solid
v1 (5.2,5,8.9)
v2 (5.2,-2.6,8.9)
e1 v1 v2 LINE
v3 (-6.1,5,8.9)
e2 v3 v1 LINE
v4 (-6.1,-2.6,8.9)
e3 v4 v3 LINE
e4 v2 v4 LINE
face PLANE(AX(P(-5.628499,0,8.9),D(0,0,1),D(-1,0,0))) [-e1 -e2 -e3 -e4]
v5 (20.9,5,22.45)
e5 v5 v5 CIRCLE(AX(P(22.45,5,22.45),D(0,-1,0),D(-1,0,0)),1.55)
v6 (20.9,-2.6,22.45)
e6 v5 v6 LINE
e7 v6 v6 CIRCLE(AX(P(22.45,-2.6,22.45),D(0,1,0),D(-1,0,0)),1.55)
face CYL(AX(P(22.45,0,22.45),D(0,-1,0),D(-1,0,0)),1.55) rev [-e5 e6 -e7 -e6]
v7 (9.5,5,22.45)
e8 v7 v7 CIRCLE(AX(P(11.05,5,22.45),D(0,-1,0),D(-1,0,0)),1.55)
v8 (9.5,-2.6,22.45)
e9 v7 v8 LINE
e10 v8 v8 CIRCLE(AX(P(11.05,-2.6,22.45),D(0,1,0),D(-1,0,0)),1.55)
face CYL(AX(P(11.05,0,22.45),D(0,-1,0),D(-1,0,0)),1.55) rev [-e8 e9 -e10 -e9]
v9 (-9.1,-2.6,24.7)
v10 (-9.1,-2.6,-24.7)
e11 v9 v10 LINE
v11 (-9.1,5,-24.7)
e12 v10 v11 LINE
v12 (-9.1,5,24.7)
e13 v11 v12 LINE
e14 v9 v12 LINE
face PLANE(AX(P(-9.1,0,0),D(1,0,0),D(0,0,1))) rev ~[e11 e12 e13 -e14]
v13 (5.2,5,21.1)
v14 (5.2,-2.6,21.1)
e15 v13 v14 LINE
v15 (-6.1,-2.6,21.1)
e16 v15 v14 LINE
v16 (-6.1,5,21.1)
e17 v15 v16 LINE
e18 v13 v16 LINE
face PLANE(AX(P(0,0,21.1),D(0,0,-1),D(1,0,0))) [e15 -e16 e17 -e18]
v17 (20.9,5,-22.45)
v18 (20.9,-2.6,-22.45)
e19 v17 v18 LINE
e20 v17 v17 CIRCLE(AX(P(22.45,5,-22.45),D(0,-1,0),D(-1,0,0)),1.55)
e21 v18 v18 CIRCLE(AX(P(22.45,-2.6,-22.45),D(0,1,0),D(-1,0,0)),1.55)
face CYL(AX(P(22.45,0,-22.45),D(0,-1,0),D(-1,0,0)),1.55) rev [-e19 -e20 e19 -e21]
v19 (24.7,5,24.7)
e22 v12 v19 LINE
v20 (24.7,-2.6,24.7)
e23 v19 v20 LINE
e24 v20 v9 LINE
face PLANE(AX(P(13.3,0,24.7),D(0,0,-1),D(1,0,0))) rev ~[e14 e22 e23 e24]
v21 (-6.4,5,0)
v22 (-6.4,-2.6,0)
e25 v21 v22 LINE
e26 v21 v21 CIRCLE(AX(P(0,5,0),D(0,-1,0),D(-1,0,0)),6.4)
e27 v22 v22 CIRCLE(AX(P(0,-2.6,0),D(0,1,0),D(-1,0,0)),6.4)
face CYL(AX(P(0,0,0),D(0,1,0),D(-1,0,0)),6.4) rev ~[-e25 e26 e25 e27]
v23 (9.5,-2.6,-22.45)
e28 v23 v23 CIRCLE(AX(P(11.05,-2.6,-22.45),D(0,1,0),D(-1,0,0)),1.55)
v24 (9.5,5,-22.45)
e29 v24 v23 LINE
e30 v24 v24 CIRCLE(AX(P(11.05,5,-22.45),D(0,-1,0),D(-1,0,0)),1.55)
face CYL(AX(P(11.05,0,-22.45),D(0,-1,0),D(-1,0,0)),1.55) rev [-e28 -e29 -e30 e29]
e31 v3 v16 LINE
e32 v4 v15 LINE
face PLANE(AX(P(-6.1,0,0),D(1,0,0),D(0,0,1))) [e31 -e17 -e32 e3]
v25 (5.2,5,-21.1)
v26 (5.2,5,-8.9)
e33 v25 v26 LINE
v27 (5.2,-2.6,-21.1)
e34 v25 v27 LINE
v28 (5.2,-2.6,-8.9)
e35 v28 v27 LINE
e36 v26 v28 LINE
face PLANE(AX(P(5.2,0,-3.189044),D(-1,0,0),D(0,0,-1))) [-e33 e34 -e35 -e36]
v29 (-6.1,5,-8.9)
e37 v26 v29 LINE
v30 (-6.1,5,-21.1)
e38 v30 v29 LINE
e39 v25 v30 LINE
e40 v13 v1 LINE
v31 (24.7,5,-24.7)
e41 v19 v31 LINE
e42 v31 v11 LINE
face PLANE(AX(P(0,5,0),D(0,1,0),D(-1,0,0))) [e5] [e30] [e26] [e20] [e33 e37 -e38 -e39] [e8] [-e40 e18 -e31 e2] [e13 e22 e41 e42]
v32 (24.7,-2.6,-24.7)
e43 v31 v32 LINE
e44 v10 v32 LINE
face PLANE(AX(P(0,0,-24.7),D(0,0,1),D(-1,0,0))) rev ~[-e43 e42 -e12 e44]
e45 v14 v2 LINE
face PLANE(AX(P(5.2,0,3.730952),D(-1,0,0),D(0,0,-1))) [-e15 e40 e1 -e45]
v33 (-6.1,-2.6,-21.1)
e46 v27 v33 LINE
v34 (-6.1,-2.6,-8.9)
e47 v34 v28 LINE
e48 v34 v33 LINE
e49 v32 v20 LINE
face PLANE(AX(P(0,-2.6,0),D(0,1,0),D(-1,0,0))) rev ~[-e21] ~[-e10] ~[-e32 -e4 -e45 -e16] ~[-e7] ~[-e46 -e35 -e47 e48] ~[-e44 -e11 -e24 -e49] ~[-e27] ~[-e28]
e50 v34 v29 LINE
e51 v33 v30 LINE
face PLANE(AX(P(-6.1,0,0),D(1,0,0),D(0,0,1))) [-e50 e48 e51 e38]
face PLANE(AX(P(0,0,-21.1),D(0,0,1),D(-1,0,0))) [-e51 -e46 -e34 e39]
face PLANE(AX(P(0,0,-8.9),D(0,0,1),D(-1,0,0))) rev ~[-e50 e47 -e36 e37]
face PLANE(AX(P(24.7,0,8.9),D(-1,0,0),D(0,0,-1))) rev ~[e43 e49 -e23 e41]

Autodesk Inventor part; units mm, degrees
ref_plane "YZ Plane" through (0, 0, 0) normal (1, 0, 0) x (0, 1, 0)
ref_plane "XZ Plane" through (0, 0, 0) normal (0, 1, 0) x (-1, 0, 0)
ref_plane "XY Plane" through (0, 0, 0) normal (0, 0, 1) x (1, 0, 0)
sketch "Esboço1" plane through (0, 0, 0) normal (0, 1, 0) x (-1, 0, 0)
  circle A0 centre (0, 0) radius 2.1
  line L0 (0, 0) -> (0, 15)
  circle A1 centre (0, 15) radius 2
  line L1 (0, 0) -> (0, -15)
  circle A2 centre (0, -15) radius 2.1
  line L2 (0, 15) -> (-5.2, 15)
  line L3 (-5.2, 15) -> (-5.2, -15)
  line L4 (-5.2, -15) -> (0, -15)
  circle A3 centre (0, 0) radius 6.1
  circle A4 centre (0, 0) radius 24.7
  line L5 (0, 24.7) -> (24.7, 24.7)
  line L6 (24.7, 24.7) -> (24.7, 0)
  line L7 (24.7, 0) -> (0, 0)
  line L8 (0, 0) -> (0, 24.7)
  line L9 (24.7, 0) -> (0, 0)
  line L10 (0, 0) -> (0, -24.7)
  line L11 (0, -24.7) -> (24.7, -24.7)
  line L12 (24.7, -24.7) -> (24.7, 0)
  line L13 (0, -24.7) -> (-24.7, -24.7)
  line L14 (-24.7, -24.7) -> (-24.7, 0)
  line L15 (-24.7, 0) -> (0, 0)
  line L16 (0, 0) -> (0, -24.7)
  line L17 (0, 24.7) -> (-24.7, 24.7)
  line L18 (-24.7, 24.7) -> (-24.7, 0)
  line L19 (-24.7, 0) -> (0, 0)
  line L20 (0, 0) -> (0, 24.7)
  line L21 (-5.2, 15) -> (-5.2, 24.7)
  line L22 (-5.2, -15) -> (-5.2, -24.7)
  line L23 (-5.2, 24.7) -> (-24.7, 24.7)
  line L24 (-24.7, 24.7) -> (-24.7, -24.7)
  line L25 (-24.7, -24.7) -> (-5.2, -24.7)
  line L26 (-5.2, -24.7) -> (-5.2, 24.7)
  line L27 (0, -15) -> (0, -21.1)
  line L28 (0, -21.1) -> (-5.2, -21.1)
  line L29 (0, -15) -> (0, -8.9)
  line L30 (0, -8.9) -> (-5.2, -8.9)
  line L31 (0, -8.9) -> (0, -15)
  line L32 (0, 15) -> (0, 8.9)
  line L33 (0, 15) -> (0, 21.1)
  line L34 (0, 21.1) -> (-5.2, 21.1)
  line L35 (0, 8.9) -> (-5.2, 8.9)
  line L36 (6.1, 0) -> (6.1, -24.7)
  line L37 (6.1, 0) -> (6.1, 24.7)
  line L38 (-5.2, 21.1) -> (6.1, 21.1)
  line L39 (6.1, 21.1) -> (6.1, 24.7)
  line L40 (6.1, 24.7) -> (-5.2, 24.7)
  line L41 (-5.2, 24.7) -> (-5.2, 21.1)
  line L42 (-5.2, -21.1) -> (6.1, -21.1)
  line L43 (6.1, -21.1) -> (6.1, -24.7)
  line L44 (6.1, -24.7) -> (-5.2, -24.7)
  line L45 (-5.2, -24.7) -> (-5.2, -21.1)
  line L46 (6.1, 21.1) -> (0, 21.1)
  line L47 (0, 21.1) -> (0, 8.9)
  line L48 (0, 8.9) -> (6.1, 8.9)
  line L49 (6.1, 8.9) -> (6.1, 21.1)
  line L50 (0, -8.9) -> (6.1, -8.9)
  line L51 (6.1, -8.9) -> (6.1, -21.1)
  line L52 (6.1, -21.1) -> (0, -21.1)
  line L53 (0, -21.1) -> (0, -8.9)
  line L54 (6.1, -24.7) -> (9.1, -24.7)
  line L55 (9.1, -24.7) -> (9.1, 24.7)
  line L56 (9.1, 24.7) -> (6.1, 24.7)
  line L57 (6.1, 24.7) -> (6.1, -24.7)
  circle A5 centre (0, 0) radius 8.3
  circle A6 centre (0, 15) radius 8.3
  line L58 (-5.2, -8.9) -> (-24.7, -8.9)
  line L59 (-24.7, -8.9) -> (-24.7, -24.7)
  line L60 (-24.7, -24.7) -> (-5.2, -24.7)
  line L61 (-5.2, -24.7) -> (-5.2, -8.9)
  line L62 (-5.2, 8.9) -> (-24.7, 8.9)
  line L63 (-24.7, 8.9) -> (-24.7, 24.7)
  line L64 (-24.7, 24.7) -> (-5.2, 24.7)
  line L65 (-5.2, 24.7) -> (-5.2, 8.9)
  line L66 (-8.3, 0) -> (-8.3, -8.9)
  line L67 (-8.3, 0) -> (-8.3, 8.9)
  line L68 (-8.3, -8.9) -> (-8.8, -8.9)
  line L69 (-8.8, -8.9) -> (-8.8, 8.9)
  line L70 (-8.8, 8.9) -> (-8.3, 8.9)
  line L71 (-8.3, 8.9) -> (-8.3, -8.9)
  line L72 (-8.8, -8.9) -> (-24.7, -8.9)
  line L73 (-24.7, -8.9) -> (-24.7, -24.7)
  line L74 (-24.7, -24.7) -> (-8.8, -24.7)
  line L75 (-8.8, -24.7) -> (-8.8, -8.9)
  line L76 (-8.8, -8.9) -> (-24.7, -8.9)
  line L77 (-24.7, -8.9) -> (-24.7, 24.7)
  line L78 (-24.7, 24.7) -> (-8.8, 24.7)
  line L79 (-8.8, 24.7) -> (-8.8, -8.9)
  line L80 (9.1, -24.7) -> (6.1, -24.7)
  line L81 (6.1, -24.7) -> (6.1, -21.1)
  line L82 (6.1, -21.1) -> (9.1, -21.1)
  line L83 (9.1, -21.1) -> (9.1, -24.7)
  line L84 (6.1, 21.1) -> (9.1, 21.1)
  line L85 (9.1, 21.1) -> (9.1, 24.7)
  line L86 (9.1, 24.7) -> (6.1, 24.7)
  line L87 (6.1, 24.7) -> (6.1, 21.1)
  line L88 (9.1, 24.7) -> (9.1, 22.9)
  line L89 (-24.7, -24.7) -> (-21.7, -24.7)
  line L90 (-24.7, -21.1) -> (-24.7, -24.7)
  line L91 (-24.7, 24.7) -> (-21.7, 24.7)
  line L92 (-24.7, 21.1) -> (-24.7, 24.7)
  line L93 (-24.7, -24.7) -> (-20.2, -24.7)
  line L94 (-20.2, -24.7) -> (-20.2, -20.2)
  line L95 (-20.2, -20.2) -> (-24.7, -20.2)
  line L96 (-24.7, -20.2) -> (-24.7, -24.7)
  line L97 (-24.7, 24.7) -> (-20.2, 24.7)
  line L98 (-20.2, 24.7) -> (-20.2, 20.2)
  line L99 (-20.2, 20.2) -> (-24.7, 20.2)
  line L100 (-24.7, 20.2) -> (-24.7, 24.7)
  line L101 (-8.8, -24.7) -> (-13.3, -24.7)
  line L102 (-13.3, -24.7) -> (-13.3, -20.2)
  line L103 (-13.3, -20.2) -> (-8.8, -20.2)
  line L104 (-8.8, -20.2) -> (-8.8, -24.7)
  line L105 (-8.8, 24.7) -> (-13.3, 24.7)
  line L106 (-13.3, 24.7) -> (-13.3, 20.2)
  line L107 (-13.3, 20.2) -> (-8.8, 20.2)
  line L108 (-8.8, 20.2) -> (-8.8, 24.7)
  line L109 (-13.3, -22.45) -> (-8.8, -22.45)
  line L110 (-20.2, -22.45) -> (-24.7, -22.45)
  line L111 (-20.2, 22.45) -> (-24.7, 22.45)
  line L112 (-8.8, 22.45) -> (-13.3, 22.45)
  circle A7 centre (-11.05, -22.45) radius 1.55
  circle A8 centre (-22.45, -22.45) radius 1.55
  circle A9 centre (-11.05, 22.45) radius 1.55
  circle A10 centre (-22.45, 22.45) radius 1.55
  circle A11 centre (0, 0) radius 6.4
  point P0 (-5.2, -3.189)
  point P1 (-5.2, 3.189)
  point P2 (-5.2, 24.1464)
  point P3 (-5.2, -24.1464)
  point P4 (6.1, -21.1)
  point P5 (6.1, 21.1)
  dimension "d6" = 12.2
  dimension "d19" = 16.6
  dimension "d0" = 4.2
  dimension "d1" = 15
  dimension "d2" = 4
  dimension "d3" = 15
  dimension "d4" = 4.2
  dimension "d5" = 5.2
  dimension "d7" = 49.4
  dimension "d8" = 6.1
  dimension "d9" = 6.1
  dimension "d10" = 6.1
  dimension "d11" = 6.1
  dimension "d16" = 3
  dimension "d20" = 16.6
  dimension "d21" = 0.5
  dimension "d29" = 4.5
  dimension "d30" = 4.5
  dimension "d31" = 4.5
  dimension "d32" = 4.5
  dimension "d33" = 4.5
  dimension "d34" = 4.5
  dimension "d35" = 4.5
  dimension "d36" = 4.5
  dimension "d37" = 3.1
  dimension "d38" = 3.1
  dimension "d39" = 3.1
  dimension "d40" = 3.1
  dimension "d45" = 12.8
extrude "Extrusão1" add sketch "Esboço1" along normal blind 5 contours A3 L15 A11 L3 | L3 A11 L15 A3 | A11 L15 A5 L3 | L3 A5 L15 A11 | A5 L67 L62 A6 L3 | L3 L58 L66 A5 | L66 L58 L69 L15 | L15 L69 L62 L67 | A6 L62 L3 | L3 L22 A4 L75 L58 | L69 L58 A4 L15 | L15 A4 L62 L69 | L62 L79 A4 L21 A6 | L62 A6 L21 L3 | L75 L103 L102 A4 L58 | L62 A4 L106 L107 L79 | L75 L109 A7 A4 L102 L103 | L107 L106 A4 A9 L112 L79 | A4 A7 L109 L75 | L112 A9 A4 L79 | A4 L109 A7 | A4 L112 A9 | A7 L109 A4 | L112 A4 A9 picked at (-9.9489, -22.4881) picked at (-11.1489, 21.6171) picked at (-11.1489, -21.6171) picked at (-9.9489, 22.4881)
extrude "Extrusão2" add sketch "Esboço1" along normal blind 5 contours L36 A11 L1 A3 | A3 L0 A11 L37 | A3 L3 A11 L0 | L1 A11 L3 A3 | L36 A5 L1 A11 | A11 L0 A6 A5 L37 | A11 L3 A5 A6 L0 | L1 A5 L3 A11 | L36 L50 L1 A5 | A5 A6 L48 L37 | A6 A5 L0 | L0 A5 A6 | L1 L30 L3 A5 | A5 L0 L48 A6 | A5 A6 L3 L35 L0 | A5 L3 A6 | L36 A4 L10 L42 | L38 A6 L8 A4 L37 | L36 L11 A4 | L10 A4 L22 L28 | A4 L5 L37 | L38 L8 A6 | L13 L22 A4 | L18 L62 A4 | A4 L58 L14 | A6 L8 L34 L21 | L21 A4 L8 A6 | A4 L21 L17 | L22 L13 L75 A4 | L62 L18 L99 L98 L17 L106 A4 | A4 L102 L13 L94 L95 L14 L58 | A4 L79 L17 L21 | L75 L13 L102 L109 A7 A4 | L106 L112 A9 A4 | A4 A7 L109 L102 | L95 L94 L110 A8 L14 | L18 L111 A10 L98 L99 | A4 A9 L112 L106 L17 L79 | A7 L109 A4 | A9 L112 A4 | A4 L109 A7 | A4 L112 A9 | L13 L14 L110 A8 L94 | L18 L17 L98 L111 A10 | A8 L110 | L110 A8 | A10 L111 | L111 A10 picked at (-11.818, -22.5746) picked at (-11.7193, 22.131) picked at (-11.7193, -22.131) picked at (-11.818, 22.5746)
extrude "Extrusão3" add sketch "Esboço1" along normal blind 5 contours L37 A11 L7 | L7 A11 L36 | A11 L37 A5 L7 | L7 A5 L36 A11 | A5 L37 A6 L84 L55 L7 | L7 L55 L82 L36 A5 | L55 A4 L36 L82 | L84 L37 A4 L55 | L37 A6 | A4 L37 L5 L55 | L55 L11 L36 A4
extrude "Extrusão4" cut sketch "Esboço1" along normal through all contours A7 L109 A4 | A4 L109 A7 | A9 L112 A4 | A4 L112 A9 | A7 L109 A4 | A4 L109 A7 | L112 A4 A9 | A4 L112 A9 | A8 L110 | L110 A8 | A10 L111 | L111 A10
extrude "Extrusão5" add sketch "Esboço1" against normal blind 2.6 contours L36 A11 L1 A3 | L37 A11 L7 | L7 A11 L36 | A3 L0 A11 L37 | A3 L3 A11 L0 | L1 A11 L3 A3 | A11 L37 A5 L7 | L7 A5 L36 A11 | L36 A5 L1 A11 | A11 L0 A6 A5 L37 | A11 L3 A5 A6 L0 | A3 L15 A11 L3 | L1 A5 L3 A11 | L3 A11 L15 A3 | A5 L37 A6 L84 L55 L7 | L7 L55 L82 L36 A5 | L36 L50 L1 A5 | A5 A6 L48 L37 | A6 A5 L0 | L0 A5 A6 | A11 L15 A5 L3 | L1 L30 L3 A5 | L3 A5 L15 A11 | A5 L0 L48 A6 | A5 A6 L3 L35 L0 | A5 L3 A6 | A5 L67 L62 A6 L3 | L3 L58 L66 A5 | L55 A4 L36 L82 | L84 L37 A4 L55 | L36 A4 L10 L42 | L37 A6 | L66 L58 L69 L15 | L15 L69 L62 L67 | A6 L62 L3 | L3 L22 A4 L75 L58 | A4 L37 L5 L55 | L55 L11 L36 A4 | L38 A6 L8 A4 L37 | L36 L11 A4 | L10 A4 L22 L28 | L69 L58 A4 L15 | L15 A4 L62 L69 | L62 L79 A4 L21 A6 | L62 A6 L21 L3 | A4 L5 L37 | L38 L8 A6 | L13 L22 A4 | L18 L62 A4 | A4 L58 L14 | L75 L103 L102 A4 L58 | L62 A4 L106 L107 L79 | A6 L8 L34 L21 | L21 A4 L8 A6 | A4 L21 L17 | L22 L13 L75 A4 | L62 L18 L99 L98 L17 L106 A4 | A4 L102 L13 L94 L95 L14 L58 | L75 L109 A7 A4 L102 L103 | L107 L106 A4 A9 L112 L79 | A4 L79 L17 L21 | L75 L13 L102 L109 A7 A4 | A4 A7 L109 L75 | L106 L112 A9 A4 | A4 A7 L109 L102 | L95 L94 L110 A8 L14 | L18 L111 A10 L98 L99 | L112 A9 A4 L79 | A4 A9 L112 L106 L17 L79 | L13 L14 L110 A8 L94 | L18 L17 L98 L111 A10
extrude "Extrusão6" cut sketch "Esboço1" against normal blind 2.6 contours L7 L0 A0 | L7 A3 L1 A0 | A0 L0 A3 L7 | A0 L1 L7 | L0 L15 A0 | A0 L15 L3 A3 L0 | L1 A3 L3 L15 A0 | A0 L15 L1 | L36 A11 L1 A3 | L37 A11 L7 | L7 A11 L36 | A3 L0 A11 L37 | A3 L3 A11 L0 | L1 A11 L3 A3 | L15 A3 L3 | L3 A3 L15 | A3 L15 A11 L3 | L3 A11 L15 A3
extrude "Extrusão7" cut sketch "Esboço1" along normal through all contours L7 L0 A0 | L7 A3 L1 A0 | A0 L0 A3 L7 | A0 L1 L7 | L0 L15 A0 | A0 L15 L3 A3 L0 | L1 A3 L3 L15 A0 | A0 L15 L1 | L36 A11 L1 A3 | L37 A11 L7 | L7 A11 L36 | A3 L0 A11 L37 | A3 L3 A11 L0 | L1 A11 L3 A3 | L15 A3 L3 | L3 A3 L15 | A3 L15 A11 L3 | L3 A11 L15 A3
properties part number "peça1_3DPrint"
